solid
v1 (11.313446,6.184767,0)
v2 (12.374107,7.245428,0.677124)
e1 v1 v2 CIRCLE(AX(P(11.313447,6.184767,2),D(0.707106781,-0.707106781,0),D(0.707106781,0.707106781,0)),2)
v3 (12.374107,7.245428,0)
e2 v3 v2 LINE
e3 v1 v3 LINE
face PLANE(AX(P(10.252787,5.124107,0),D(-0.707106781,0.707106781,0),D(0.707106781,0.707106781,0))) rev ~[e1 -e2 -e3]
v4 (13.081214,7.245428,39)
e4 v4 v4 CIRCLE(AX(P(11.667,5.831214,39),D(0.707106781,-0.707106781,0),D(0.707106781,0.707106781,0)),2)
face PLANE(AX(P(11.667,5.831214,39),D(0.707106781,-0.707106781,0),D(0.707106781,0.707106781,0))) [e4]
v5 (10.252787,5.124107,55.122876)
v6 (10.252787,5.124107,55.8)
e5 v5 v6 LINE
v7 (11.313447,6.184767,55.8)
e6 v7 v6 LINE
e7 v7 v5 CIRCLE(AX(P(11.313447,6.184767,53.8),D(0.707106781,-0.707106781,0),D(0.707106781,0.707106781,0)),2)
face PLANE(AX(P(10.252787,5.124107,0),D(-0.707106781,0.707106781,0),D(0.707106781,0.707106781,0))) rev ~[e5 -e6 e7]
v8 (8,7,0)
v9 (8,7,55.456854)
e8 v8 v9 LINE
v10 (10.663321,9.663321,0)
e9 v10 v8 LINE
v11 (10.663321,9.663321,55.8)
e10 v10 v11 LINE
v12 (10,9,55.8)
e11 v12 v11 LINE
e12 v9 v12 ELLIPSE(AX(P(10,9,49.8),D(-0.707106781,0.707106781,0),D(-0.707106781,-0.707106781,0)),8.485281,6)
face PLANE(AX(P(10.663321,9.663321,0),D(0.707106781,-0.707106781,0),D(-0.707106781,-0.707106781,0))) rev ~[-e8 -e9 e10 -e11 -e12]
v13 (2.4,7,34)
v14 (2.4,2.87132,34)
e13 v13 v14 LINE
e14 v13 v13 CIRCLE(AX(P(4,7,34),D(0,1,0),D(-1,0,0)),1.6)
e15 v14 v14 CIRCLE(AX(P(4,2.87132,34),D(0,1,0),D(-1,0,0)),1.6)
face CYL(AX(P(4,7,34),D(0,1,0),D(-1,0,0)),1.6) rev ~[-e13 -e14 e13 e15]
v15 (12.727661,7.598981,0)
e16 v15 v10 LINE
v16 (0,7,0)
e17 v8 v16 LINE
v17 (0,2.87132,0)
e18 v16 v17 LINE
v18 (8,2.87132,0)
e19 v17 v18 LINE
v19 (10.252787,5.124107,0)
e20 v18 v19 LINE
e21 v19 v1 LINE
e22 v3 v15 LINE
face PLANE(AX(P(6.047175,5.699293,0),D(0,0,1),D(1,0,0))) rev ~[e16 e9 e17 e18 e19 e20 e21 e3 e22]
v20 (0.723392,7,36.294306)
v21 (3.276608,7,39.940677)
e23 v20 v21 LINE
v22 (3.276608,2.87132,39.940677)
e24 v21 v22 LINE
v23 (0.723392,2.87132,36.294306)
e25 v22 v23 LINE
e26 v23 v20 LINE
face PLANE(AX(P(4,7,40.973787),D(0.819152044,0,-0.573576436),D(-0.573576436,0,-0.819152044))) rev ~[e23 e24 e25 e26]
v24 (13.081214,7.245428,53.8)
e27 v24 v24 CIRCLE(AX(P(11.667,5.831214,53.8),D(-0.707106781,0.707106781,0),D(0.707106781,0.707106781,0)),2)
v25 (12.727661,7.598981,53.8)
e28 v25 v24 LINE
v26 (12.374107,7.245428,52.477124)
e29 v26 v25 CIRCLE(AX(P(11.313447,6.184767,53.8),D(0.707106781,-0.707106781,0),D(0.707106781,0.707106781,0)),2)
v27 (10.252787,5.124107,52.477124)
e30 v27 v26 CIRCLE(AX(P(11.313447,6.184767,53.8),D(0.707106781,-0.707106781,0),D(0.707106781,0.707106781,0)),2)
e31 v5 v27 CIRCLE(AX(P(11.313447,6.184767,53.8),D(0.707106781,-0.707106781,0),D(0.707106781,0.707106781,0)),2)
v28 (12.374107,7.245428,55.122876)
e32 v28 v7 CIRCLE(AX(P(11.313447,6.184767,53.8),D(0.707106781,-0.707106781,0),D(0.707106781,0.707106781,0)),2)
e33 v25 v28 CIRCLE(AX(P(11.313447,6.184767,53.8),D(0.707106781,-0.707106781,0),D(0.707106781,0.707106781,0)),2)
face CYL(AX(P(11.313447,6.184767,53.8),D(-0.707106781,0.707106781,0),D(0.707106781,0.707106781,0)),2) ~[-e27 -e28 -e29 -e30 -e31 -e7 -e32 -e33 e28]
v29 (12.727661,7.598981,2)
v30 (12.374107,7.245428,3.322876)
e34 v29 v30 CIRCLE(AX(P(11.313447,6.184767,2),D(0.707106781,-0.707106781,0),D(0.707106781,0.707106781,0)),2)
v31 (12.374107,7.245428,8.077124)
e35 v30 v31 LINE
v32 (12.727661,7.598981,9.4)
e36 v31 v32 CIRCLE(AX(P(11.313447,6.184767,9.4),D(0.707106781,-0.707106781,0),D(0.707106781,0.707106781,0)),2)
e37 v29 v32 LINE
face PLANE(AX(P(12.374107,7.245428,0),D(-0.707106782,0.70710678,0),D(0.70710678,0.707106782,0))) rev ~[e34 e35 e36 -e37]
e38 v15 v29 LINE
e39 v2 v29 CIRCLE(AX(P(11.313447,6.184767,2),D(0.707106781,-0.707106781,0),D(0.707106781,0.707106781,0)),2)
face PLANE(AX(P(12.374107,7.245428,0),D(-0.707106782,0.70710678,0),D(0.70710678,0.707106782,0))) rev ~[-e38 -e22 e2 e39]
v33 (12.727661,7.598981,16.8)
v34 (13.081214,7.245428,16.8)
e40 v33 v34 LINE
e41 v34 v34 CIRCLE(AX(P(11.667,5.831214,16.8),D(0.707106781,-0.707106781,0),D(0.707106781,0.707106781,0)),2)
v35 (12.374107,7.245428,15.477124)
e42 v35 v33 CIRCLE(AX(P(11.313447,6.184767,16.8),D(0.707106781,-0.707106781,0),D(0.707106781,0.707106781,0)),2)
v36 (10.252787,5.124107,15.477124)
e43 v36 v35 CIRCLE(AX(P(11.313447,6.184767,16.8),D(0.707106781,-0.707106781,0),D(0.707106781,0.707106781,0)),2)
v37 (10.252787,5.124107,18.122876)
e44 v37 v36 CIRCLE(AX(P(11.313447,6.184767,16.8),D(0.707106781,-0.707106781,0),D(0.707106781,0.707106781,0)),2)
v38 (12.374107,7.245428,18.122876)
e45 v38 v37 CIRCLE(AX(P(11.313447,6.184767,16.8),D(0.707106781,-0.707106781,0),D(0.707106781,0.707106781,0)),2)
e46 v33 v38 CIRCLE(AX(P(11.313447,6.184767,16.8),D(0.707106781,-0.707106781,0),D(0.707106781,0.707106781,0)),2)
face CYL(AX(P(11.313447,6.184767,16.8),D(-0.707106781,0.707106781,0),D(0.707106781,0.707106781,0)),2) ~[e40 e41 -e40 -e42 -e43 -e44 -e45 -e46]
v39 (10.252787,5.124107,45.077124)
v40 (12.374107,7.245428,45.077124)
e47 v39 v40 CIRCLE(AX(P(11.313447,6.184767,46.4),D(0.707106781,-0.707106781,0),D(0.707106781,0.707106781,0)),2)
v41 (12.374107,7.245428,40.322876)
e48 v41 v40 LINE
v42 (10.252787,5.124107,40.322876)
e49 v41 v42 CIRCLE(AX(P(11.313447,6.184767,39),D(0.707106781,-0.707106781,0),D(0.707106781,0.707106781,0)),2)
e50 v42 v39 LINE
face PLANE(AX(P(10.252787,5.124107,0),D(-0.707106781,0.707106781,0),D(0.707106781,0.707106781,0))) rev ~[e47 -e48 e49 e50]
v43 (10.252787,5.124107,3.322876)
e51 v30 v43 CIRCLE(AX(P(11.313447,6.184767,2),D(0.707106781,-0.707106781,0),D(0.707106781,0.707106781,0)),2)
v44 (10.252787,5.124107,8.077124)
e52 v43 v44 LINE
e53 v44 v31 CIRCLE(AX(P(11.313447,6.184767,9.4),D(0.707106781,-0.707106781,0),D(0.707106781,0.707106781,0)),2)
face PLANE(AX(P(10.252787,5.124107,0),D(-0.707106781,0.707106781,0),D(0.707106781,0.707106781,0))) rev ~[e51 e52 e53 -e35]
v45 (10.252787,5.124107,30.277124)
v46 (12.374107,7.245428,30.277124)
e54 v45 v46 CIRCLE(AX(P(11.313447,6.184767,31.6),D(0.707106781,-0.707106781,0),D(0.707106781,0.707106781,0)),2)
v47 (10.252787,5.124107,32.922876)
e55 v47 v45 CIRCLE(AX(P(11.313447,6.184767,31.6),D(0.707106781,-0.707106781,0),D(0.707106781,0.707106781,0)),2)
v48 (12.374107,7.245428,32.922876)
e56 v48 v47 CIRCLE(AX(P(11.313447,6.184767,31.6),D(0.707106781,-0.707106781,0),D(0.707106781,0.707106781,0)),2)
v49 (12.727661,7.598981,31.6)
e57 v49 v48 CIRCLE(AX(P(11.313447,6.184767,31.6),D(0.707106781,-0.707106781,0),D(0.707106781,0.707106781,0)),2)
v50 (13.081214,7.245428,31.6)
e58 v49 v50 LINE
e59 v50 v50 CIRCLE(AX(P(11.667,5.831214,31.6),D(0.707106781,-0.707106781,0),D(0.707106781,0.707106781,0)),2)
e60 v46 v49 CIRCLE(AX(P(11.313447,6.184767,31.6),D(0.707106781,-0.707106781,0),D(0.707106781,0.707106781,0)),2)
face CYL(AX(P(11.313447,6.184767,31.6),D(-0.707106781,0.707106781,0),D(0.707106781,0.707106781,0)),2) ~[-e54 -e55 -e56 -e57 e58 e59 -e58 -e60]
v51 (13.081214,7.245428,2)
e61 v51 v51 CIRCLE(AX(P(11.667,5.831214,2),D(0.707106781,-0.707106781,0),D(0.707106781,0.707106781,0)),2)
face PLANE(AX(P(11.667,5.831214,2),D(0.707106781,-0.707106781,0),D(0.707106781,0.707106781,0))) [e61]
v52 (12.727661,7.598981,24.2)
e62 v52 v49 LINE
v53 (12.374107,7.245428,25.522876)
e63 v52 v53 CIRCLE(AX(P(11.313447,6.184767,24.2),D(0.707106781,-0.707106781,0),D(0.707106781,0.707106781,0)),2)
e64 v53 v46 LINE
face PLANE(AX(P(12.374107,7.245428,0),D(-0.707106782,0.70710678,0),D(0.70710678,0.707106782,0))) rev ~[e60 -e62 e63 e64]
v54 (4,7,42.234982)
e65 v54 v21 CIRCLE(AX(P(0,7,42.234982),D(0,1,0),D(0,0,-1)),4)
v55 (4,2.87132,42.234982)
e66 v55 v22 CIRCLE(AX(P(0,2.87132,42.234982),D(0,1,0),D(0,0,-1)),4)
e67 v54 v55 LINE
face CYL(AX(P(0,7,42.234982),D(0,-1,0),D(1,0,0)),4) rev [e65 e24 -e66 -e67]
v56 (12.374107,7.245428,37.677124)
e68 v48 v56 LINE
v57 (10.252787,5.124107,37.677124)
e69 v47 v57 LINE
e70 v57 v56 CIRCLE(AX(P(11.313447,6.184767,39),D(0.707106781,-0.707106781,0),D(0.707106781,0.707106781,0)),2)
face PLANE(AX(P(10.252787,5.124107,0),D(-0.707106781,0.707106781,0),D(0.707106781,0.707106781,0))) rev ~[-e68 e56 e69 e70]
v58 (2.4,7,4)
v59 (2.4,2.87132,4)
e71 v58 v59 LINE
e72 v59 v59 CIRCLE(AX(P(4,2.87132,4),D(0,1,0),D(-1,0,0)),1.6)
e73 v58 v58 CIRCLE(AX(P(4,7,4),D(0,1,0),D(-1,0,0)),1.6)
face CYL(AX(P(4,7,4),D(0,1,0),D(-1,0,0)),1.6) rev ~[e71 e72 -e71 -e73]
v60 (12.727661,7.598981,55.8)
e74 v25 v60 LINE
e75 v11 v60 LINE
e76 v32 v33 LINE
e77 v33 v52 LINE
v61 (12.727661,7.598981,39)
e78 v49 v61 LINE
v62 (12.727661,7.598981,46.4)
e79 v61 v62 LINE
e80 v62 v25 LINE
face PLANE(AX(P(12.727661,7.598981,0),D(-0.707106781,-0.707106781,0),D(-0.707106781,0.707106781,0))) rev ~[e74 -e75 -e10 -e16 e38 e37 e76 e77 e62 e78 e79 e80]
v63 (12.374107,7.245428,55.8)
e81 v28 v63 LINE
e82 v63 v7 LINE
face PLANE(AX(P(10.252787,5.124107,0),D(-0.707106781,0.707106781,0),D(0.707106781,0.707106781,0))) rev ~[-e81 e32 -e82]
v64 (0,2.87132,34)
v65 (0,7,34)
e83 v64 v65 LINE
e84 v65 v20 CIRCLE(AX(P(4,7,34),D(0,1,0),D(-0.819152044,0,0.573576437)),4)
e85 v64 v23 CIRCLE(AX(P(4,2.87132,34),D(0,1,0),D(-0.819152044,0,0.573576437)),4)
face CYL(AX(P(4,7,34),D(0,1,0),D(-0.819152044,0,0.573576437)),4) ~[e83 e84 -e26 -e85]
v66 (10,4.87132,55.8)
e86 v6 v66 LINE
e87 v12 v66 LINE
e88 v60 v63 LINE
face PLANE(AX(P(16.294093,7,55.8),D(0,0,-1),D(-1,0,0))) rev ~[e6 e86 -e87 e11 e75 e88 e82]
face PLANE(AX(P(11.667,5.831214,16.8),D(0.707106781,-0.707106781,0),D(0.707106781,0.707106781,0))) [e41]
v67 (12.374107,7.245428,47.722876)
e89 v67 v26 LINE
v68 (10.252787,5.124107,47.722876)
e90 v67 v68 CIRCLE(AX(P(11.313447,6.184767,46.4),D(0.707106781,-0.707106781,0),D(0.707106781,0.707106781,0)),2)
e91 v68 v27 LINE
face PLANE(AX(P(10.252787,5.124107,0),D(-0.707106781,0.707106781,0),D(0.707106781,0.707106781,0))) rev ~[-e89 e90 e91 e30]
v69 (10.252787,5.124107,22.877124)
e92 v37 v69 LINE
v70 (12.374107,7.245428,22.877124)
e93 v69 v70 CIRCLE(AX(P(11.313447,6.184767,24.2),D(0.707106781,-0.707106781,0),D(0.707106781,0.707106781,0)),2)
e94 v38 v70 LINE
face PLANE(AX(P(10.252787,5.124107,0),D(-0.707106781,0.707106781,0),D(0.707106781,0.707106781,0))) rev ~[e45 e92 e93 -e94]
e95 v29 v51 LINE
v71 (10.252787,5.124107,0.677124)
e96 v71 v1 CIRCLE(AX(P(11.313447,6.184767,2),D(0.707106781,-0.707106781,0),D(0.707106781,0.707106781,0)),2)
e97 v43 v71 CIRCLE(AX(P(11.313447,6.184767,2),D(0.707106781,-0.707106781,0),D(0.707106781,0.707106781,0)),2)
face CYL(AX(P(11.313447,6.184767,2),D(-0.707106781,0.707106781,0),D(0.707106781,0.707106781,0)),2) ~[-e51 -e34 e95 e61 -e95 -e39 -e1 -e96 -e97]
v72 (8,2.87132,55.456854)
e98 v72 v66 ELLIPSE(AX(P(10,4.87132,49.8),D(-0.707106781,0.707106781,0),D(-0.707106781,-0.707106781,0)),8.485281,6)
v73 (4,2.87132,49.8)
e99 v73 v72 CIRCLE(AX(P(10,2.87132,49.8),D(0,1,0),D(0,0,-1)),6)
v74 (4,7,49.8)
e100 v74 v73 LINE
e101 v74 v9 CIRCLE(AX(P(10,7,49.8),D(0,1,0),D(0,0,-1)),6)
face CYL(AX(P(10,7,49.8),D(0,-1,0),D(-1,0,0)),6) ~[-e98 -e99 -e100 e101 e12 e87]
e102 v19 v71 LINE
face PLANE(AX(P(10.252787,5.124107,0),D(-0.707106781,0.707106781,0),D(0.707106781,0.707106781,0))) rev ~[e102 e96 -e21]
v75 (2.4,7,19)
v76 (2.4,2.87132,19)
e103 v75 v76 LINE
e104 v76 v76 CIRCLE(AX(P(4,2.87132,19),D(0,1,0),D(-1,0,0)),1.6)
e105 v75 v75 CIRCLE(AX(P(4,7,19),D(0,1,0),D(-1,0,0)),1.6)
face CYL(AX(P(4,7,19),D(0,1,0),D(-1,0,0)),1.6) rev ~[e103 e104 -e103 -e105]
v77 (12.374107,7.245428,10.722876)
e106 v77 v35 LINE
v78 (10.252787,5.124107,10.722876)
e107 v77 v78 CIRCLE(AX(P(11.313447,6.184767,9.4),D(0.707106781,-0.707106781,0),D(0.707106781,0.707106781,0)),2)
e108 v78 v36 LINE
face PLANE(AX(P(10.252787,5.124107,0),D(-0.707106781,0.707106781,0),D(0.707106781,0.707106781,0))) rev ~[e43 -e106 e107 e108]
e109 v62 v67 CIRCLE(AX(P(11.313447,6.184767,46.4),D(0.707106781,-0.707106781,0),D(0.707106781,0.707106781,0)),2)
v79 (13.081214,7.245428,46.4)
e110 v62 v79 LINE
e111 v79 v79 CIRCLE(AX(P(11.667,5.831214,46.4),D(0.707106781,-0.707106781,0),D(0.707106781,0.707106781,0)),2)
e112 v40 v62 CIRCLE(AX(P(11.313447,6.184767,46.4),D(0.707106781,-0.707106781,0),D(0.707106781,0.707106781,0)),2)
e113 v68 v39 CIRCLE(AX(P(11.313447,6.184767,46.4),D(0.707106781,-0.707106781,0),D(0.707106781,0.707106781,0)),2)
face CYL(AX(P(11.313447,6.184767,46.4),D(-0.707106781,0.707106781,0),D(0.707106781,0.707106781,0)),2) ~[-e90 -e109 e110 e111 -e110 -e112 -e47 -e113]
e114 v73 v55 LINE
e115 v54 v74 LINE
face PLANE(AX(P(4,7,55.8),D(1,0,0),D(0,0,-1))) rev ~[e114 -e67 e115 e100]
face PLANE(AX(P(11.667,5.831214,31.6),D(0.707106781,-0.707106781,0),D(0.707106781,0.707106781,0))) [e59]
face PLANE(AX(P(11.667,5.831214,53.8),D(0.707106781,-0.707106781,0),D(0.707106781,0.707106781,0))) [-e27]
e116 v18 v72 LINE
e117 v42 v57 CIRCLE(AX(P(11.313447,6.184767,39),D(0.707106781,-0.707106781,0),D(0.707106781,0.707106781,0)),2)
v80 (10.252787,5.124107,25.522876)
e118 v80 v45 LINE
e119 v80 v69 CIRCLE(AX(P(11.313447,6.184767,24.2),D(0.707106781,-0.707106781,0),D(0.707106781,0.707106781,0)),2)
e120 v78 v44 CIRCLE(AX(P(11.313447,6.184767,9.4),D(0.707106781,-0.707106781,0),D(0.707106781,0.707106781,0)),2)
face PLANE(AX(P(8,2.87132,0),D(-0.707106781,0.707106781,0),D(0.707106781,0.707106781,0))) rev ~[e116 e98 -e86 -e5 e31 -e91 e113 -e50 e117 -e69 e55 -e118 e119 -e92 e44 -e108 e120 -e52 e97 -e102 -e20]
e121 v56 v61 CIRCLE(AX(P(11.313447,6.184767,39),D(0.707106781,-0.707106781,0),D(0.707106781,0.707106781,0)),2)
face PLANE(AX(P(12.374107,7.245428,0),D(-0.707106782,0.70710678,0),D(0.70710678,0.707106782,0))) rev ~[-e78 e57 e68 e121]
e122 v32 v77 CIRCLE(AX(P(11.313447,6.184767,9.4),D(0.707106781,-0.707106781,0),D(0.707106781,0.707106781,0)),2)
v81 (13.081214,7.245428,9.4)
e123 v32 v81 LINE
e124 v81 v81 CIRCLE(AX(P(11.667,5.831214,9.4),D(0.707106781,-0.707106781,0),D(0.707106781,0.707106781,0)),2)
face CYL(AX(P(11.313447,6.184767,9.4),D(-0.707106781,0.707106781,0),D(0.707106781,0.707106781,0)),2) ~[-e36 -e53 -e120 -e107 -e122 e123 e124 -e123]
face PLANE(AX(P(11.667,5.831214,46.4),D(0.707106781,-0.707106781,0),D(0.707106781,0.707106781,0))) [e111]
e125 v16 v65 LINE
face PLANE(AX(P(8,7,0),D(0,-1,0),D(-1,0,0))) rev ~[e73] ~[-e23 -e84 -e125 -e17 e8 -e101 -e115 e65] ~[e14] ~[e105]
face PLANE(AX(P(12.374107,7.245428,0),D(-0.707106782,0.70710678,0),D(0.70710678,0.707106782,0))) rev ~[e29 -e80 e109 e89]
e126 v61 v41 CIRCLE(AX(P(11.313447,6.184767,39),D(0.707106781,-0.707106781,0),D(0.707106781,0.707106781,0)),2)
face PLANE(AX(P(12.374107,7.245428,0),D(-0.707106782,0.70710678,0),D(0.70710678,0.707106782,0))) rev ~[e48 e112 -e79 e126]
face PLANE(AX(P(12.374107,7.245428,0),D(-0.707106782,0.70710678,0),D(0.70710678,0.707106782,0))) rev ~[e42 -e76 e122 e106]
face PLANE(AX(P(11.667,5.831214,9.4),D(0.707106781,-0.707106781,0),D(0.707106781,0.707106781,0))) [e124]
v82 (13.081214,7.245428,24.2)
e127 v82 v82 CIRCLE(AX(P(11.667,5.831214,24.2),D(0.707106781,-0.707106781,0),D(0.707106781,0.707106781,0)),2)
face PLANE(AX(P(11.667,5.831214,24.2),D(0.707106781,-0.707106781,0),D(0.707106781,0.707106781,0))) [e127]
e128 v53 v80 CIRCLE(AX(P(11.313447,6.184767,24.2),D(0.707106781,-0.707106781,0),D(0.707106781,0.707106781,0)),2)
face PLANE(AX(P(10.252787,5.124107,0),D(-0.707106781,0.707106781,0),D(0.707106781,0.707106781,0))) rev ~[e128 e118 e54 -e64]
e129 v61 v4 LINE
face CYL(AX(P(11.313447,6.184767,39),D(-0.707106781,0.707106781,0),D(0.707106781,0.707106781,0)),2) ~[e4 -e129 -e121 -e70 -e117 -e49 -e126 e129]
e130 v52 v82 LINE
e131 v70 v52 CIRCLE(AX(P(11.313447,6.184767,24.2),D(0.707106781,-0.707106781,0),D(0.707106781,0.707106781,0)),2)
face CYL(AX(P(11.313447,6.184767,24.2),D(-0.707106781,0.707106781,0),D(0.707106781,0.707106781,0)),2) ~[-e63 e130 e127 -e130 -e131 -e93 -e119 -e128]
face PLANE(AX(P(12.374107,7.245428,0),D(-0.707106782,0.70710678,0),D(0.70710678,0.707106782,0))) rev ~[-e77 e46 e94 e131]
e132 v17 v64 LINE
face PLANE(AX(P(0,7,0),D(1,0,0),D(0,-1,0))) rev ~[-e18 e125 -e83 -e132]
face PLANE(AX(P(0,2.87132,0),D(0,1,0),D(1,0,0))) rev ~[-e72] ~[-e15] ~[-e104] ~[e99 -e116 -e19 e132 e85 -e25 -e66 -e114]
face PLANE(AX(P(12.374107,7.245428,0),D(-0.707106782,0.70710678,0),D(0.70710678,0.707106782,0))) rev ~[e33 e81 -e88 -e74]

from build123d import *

# Parameters (mm, degrees)
EXTRUDE_1_DEPTH        = 63.5
SKETCH_2_R             = 2
EXTRUDE_4_DEPTH        = 0.5
PATTERN_LINEAR_2_COUNT = 9
PATTERN_LINEAR_2_PITCH = 7.4
SKETCH_4_R             = 1.6
CUT_EXTRUDE_1_DEPTH    = 10.5
PATTERN_LINEAR_3_COUNT = 3
PATTERN_LINEAR_3_PITCH = 15
CUT_EXTRUDE_2_DEPTH    = 20
FILLET_1_R             = 6
FILLET_2_R             = 4


with BuildPart() as part:
    # 草图1 → 凸台-拉伸1 (new body)
    with BuildSketch(Plane.XY):
        Polygon((12.374107166, 7.245427509), (12.727660556, 7.5989809), (10.663320728, 9.663320728), (8, 7), (0, 7), (0, 2.871320344), (8, 2.871320344), (10.252786822, 5.124107166), align=None)
    extrude(amount=EXTRUDE_1_DEPTH)

    # 草图2 → 凸台-拉伸4 (add)
    with BuildSketch(Plane(origin=(2.564339828, -2.564339828, 0), x_dir=(0, 0, -1), z_dir=(0.7071067811865562, -0.7071067811865389, 0))):
        with Locations(Location((-2, 12.373106012, 0), (0, 0, 90))):
            Circle(SKETCH_2_R)
    extrude_4 = extrude(amount=EXTRUDE_4_DEPTH)

    # 阵列(线性)2: 凸台-拉伸4 ×9
    with Locations(*[(0, 0, i * PATTERN_LINEAR_2_PITCH) for i in range(1, PATTERN_LINEAR_2_COUNT)]):
        add(extrude_4)

    # 草图4 → 切除-拉伸1 (cut)
    with BuildSketch(Plane(origin=(0, 7, 0), x_dir=(1, 0, 0), z_dir=(0, 1, 0))):
        with Locations(Location((4, -4, 0), (0, 0, 180))):
            Circle(SKETCH_4_R)
    cut_extrude_1 = extrude(amount=-CUT_EXTRUDE_1_DEPTH, mode=Mode.SUBTRACT)

    # 阵列(线性)3: 切除-拉伸1 ×3
    with Locations(*[(0, 0, i * PATTERN_LINEAR_3_PITCH) for i in range(1, PATTERN_LINEAR_3_COUNT)]):
        add(cut_extrude_1, mode=Mode.SUBTRACT)

    # 草图5 → 切除-拉伸2 (cut, symmetric)
    with BuildSketch(Plane(origin=(0, 7, 0), x_dir=(1, 0, 0), z_dir=(0, 1, 0))):
        with BuildLine():
            Line((4, -40.973787182), (0.723391823, -36.294305745))
            ThreePointArc((0.723391823, -36.294305745), (0.185132197, -35.202823198), (0, -34))
            Line((0, -34), (-5.450044849, -34))
            Line((-5.450044849, -34), (-5.450044849, -68.07872052))
            Line((-5.450044849, -68.07872052), (16.294093075, -68.07872052))
            Line((16.294093075, -68.07872052), (16.294093075, -55.8))
            Line((16.294093075, -55.8), (4, -55.8))
            Line((4, -55.8), (4, -40.973787182))
        make_face()
    extrude(amount=CUT_EXTRUDE_2_DEPTH, both=True, mode=Mode.SUBTRACT)

    # 圆角1
    fillet_1_edges = [part.edges().sort_by_distance(p)[0] for p in [
        (4, 4.935660172, 55.8),
    ]]
    fillet(fillet_1_edges, radius=FILLET_1_R)

    # 圆角2
    fillet_2_edges = [part.edges().sort_by_distance(p)[0] for p in [
        (4, 4.935660172, 40.973787182),
    ]]
    fillet(fillet_2_edges, radius=FILLET_2_R)


solid = part.part
